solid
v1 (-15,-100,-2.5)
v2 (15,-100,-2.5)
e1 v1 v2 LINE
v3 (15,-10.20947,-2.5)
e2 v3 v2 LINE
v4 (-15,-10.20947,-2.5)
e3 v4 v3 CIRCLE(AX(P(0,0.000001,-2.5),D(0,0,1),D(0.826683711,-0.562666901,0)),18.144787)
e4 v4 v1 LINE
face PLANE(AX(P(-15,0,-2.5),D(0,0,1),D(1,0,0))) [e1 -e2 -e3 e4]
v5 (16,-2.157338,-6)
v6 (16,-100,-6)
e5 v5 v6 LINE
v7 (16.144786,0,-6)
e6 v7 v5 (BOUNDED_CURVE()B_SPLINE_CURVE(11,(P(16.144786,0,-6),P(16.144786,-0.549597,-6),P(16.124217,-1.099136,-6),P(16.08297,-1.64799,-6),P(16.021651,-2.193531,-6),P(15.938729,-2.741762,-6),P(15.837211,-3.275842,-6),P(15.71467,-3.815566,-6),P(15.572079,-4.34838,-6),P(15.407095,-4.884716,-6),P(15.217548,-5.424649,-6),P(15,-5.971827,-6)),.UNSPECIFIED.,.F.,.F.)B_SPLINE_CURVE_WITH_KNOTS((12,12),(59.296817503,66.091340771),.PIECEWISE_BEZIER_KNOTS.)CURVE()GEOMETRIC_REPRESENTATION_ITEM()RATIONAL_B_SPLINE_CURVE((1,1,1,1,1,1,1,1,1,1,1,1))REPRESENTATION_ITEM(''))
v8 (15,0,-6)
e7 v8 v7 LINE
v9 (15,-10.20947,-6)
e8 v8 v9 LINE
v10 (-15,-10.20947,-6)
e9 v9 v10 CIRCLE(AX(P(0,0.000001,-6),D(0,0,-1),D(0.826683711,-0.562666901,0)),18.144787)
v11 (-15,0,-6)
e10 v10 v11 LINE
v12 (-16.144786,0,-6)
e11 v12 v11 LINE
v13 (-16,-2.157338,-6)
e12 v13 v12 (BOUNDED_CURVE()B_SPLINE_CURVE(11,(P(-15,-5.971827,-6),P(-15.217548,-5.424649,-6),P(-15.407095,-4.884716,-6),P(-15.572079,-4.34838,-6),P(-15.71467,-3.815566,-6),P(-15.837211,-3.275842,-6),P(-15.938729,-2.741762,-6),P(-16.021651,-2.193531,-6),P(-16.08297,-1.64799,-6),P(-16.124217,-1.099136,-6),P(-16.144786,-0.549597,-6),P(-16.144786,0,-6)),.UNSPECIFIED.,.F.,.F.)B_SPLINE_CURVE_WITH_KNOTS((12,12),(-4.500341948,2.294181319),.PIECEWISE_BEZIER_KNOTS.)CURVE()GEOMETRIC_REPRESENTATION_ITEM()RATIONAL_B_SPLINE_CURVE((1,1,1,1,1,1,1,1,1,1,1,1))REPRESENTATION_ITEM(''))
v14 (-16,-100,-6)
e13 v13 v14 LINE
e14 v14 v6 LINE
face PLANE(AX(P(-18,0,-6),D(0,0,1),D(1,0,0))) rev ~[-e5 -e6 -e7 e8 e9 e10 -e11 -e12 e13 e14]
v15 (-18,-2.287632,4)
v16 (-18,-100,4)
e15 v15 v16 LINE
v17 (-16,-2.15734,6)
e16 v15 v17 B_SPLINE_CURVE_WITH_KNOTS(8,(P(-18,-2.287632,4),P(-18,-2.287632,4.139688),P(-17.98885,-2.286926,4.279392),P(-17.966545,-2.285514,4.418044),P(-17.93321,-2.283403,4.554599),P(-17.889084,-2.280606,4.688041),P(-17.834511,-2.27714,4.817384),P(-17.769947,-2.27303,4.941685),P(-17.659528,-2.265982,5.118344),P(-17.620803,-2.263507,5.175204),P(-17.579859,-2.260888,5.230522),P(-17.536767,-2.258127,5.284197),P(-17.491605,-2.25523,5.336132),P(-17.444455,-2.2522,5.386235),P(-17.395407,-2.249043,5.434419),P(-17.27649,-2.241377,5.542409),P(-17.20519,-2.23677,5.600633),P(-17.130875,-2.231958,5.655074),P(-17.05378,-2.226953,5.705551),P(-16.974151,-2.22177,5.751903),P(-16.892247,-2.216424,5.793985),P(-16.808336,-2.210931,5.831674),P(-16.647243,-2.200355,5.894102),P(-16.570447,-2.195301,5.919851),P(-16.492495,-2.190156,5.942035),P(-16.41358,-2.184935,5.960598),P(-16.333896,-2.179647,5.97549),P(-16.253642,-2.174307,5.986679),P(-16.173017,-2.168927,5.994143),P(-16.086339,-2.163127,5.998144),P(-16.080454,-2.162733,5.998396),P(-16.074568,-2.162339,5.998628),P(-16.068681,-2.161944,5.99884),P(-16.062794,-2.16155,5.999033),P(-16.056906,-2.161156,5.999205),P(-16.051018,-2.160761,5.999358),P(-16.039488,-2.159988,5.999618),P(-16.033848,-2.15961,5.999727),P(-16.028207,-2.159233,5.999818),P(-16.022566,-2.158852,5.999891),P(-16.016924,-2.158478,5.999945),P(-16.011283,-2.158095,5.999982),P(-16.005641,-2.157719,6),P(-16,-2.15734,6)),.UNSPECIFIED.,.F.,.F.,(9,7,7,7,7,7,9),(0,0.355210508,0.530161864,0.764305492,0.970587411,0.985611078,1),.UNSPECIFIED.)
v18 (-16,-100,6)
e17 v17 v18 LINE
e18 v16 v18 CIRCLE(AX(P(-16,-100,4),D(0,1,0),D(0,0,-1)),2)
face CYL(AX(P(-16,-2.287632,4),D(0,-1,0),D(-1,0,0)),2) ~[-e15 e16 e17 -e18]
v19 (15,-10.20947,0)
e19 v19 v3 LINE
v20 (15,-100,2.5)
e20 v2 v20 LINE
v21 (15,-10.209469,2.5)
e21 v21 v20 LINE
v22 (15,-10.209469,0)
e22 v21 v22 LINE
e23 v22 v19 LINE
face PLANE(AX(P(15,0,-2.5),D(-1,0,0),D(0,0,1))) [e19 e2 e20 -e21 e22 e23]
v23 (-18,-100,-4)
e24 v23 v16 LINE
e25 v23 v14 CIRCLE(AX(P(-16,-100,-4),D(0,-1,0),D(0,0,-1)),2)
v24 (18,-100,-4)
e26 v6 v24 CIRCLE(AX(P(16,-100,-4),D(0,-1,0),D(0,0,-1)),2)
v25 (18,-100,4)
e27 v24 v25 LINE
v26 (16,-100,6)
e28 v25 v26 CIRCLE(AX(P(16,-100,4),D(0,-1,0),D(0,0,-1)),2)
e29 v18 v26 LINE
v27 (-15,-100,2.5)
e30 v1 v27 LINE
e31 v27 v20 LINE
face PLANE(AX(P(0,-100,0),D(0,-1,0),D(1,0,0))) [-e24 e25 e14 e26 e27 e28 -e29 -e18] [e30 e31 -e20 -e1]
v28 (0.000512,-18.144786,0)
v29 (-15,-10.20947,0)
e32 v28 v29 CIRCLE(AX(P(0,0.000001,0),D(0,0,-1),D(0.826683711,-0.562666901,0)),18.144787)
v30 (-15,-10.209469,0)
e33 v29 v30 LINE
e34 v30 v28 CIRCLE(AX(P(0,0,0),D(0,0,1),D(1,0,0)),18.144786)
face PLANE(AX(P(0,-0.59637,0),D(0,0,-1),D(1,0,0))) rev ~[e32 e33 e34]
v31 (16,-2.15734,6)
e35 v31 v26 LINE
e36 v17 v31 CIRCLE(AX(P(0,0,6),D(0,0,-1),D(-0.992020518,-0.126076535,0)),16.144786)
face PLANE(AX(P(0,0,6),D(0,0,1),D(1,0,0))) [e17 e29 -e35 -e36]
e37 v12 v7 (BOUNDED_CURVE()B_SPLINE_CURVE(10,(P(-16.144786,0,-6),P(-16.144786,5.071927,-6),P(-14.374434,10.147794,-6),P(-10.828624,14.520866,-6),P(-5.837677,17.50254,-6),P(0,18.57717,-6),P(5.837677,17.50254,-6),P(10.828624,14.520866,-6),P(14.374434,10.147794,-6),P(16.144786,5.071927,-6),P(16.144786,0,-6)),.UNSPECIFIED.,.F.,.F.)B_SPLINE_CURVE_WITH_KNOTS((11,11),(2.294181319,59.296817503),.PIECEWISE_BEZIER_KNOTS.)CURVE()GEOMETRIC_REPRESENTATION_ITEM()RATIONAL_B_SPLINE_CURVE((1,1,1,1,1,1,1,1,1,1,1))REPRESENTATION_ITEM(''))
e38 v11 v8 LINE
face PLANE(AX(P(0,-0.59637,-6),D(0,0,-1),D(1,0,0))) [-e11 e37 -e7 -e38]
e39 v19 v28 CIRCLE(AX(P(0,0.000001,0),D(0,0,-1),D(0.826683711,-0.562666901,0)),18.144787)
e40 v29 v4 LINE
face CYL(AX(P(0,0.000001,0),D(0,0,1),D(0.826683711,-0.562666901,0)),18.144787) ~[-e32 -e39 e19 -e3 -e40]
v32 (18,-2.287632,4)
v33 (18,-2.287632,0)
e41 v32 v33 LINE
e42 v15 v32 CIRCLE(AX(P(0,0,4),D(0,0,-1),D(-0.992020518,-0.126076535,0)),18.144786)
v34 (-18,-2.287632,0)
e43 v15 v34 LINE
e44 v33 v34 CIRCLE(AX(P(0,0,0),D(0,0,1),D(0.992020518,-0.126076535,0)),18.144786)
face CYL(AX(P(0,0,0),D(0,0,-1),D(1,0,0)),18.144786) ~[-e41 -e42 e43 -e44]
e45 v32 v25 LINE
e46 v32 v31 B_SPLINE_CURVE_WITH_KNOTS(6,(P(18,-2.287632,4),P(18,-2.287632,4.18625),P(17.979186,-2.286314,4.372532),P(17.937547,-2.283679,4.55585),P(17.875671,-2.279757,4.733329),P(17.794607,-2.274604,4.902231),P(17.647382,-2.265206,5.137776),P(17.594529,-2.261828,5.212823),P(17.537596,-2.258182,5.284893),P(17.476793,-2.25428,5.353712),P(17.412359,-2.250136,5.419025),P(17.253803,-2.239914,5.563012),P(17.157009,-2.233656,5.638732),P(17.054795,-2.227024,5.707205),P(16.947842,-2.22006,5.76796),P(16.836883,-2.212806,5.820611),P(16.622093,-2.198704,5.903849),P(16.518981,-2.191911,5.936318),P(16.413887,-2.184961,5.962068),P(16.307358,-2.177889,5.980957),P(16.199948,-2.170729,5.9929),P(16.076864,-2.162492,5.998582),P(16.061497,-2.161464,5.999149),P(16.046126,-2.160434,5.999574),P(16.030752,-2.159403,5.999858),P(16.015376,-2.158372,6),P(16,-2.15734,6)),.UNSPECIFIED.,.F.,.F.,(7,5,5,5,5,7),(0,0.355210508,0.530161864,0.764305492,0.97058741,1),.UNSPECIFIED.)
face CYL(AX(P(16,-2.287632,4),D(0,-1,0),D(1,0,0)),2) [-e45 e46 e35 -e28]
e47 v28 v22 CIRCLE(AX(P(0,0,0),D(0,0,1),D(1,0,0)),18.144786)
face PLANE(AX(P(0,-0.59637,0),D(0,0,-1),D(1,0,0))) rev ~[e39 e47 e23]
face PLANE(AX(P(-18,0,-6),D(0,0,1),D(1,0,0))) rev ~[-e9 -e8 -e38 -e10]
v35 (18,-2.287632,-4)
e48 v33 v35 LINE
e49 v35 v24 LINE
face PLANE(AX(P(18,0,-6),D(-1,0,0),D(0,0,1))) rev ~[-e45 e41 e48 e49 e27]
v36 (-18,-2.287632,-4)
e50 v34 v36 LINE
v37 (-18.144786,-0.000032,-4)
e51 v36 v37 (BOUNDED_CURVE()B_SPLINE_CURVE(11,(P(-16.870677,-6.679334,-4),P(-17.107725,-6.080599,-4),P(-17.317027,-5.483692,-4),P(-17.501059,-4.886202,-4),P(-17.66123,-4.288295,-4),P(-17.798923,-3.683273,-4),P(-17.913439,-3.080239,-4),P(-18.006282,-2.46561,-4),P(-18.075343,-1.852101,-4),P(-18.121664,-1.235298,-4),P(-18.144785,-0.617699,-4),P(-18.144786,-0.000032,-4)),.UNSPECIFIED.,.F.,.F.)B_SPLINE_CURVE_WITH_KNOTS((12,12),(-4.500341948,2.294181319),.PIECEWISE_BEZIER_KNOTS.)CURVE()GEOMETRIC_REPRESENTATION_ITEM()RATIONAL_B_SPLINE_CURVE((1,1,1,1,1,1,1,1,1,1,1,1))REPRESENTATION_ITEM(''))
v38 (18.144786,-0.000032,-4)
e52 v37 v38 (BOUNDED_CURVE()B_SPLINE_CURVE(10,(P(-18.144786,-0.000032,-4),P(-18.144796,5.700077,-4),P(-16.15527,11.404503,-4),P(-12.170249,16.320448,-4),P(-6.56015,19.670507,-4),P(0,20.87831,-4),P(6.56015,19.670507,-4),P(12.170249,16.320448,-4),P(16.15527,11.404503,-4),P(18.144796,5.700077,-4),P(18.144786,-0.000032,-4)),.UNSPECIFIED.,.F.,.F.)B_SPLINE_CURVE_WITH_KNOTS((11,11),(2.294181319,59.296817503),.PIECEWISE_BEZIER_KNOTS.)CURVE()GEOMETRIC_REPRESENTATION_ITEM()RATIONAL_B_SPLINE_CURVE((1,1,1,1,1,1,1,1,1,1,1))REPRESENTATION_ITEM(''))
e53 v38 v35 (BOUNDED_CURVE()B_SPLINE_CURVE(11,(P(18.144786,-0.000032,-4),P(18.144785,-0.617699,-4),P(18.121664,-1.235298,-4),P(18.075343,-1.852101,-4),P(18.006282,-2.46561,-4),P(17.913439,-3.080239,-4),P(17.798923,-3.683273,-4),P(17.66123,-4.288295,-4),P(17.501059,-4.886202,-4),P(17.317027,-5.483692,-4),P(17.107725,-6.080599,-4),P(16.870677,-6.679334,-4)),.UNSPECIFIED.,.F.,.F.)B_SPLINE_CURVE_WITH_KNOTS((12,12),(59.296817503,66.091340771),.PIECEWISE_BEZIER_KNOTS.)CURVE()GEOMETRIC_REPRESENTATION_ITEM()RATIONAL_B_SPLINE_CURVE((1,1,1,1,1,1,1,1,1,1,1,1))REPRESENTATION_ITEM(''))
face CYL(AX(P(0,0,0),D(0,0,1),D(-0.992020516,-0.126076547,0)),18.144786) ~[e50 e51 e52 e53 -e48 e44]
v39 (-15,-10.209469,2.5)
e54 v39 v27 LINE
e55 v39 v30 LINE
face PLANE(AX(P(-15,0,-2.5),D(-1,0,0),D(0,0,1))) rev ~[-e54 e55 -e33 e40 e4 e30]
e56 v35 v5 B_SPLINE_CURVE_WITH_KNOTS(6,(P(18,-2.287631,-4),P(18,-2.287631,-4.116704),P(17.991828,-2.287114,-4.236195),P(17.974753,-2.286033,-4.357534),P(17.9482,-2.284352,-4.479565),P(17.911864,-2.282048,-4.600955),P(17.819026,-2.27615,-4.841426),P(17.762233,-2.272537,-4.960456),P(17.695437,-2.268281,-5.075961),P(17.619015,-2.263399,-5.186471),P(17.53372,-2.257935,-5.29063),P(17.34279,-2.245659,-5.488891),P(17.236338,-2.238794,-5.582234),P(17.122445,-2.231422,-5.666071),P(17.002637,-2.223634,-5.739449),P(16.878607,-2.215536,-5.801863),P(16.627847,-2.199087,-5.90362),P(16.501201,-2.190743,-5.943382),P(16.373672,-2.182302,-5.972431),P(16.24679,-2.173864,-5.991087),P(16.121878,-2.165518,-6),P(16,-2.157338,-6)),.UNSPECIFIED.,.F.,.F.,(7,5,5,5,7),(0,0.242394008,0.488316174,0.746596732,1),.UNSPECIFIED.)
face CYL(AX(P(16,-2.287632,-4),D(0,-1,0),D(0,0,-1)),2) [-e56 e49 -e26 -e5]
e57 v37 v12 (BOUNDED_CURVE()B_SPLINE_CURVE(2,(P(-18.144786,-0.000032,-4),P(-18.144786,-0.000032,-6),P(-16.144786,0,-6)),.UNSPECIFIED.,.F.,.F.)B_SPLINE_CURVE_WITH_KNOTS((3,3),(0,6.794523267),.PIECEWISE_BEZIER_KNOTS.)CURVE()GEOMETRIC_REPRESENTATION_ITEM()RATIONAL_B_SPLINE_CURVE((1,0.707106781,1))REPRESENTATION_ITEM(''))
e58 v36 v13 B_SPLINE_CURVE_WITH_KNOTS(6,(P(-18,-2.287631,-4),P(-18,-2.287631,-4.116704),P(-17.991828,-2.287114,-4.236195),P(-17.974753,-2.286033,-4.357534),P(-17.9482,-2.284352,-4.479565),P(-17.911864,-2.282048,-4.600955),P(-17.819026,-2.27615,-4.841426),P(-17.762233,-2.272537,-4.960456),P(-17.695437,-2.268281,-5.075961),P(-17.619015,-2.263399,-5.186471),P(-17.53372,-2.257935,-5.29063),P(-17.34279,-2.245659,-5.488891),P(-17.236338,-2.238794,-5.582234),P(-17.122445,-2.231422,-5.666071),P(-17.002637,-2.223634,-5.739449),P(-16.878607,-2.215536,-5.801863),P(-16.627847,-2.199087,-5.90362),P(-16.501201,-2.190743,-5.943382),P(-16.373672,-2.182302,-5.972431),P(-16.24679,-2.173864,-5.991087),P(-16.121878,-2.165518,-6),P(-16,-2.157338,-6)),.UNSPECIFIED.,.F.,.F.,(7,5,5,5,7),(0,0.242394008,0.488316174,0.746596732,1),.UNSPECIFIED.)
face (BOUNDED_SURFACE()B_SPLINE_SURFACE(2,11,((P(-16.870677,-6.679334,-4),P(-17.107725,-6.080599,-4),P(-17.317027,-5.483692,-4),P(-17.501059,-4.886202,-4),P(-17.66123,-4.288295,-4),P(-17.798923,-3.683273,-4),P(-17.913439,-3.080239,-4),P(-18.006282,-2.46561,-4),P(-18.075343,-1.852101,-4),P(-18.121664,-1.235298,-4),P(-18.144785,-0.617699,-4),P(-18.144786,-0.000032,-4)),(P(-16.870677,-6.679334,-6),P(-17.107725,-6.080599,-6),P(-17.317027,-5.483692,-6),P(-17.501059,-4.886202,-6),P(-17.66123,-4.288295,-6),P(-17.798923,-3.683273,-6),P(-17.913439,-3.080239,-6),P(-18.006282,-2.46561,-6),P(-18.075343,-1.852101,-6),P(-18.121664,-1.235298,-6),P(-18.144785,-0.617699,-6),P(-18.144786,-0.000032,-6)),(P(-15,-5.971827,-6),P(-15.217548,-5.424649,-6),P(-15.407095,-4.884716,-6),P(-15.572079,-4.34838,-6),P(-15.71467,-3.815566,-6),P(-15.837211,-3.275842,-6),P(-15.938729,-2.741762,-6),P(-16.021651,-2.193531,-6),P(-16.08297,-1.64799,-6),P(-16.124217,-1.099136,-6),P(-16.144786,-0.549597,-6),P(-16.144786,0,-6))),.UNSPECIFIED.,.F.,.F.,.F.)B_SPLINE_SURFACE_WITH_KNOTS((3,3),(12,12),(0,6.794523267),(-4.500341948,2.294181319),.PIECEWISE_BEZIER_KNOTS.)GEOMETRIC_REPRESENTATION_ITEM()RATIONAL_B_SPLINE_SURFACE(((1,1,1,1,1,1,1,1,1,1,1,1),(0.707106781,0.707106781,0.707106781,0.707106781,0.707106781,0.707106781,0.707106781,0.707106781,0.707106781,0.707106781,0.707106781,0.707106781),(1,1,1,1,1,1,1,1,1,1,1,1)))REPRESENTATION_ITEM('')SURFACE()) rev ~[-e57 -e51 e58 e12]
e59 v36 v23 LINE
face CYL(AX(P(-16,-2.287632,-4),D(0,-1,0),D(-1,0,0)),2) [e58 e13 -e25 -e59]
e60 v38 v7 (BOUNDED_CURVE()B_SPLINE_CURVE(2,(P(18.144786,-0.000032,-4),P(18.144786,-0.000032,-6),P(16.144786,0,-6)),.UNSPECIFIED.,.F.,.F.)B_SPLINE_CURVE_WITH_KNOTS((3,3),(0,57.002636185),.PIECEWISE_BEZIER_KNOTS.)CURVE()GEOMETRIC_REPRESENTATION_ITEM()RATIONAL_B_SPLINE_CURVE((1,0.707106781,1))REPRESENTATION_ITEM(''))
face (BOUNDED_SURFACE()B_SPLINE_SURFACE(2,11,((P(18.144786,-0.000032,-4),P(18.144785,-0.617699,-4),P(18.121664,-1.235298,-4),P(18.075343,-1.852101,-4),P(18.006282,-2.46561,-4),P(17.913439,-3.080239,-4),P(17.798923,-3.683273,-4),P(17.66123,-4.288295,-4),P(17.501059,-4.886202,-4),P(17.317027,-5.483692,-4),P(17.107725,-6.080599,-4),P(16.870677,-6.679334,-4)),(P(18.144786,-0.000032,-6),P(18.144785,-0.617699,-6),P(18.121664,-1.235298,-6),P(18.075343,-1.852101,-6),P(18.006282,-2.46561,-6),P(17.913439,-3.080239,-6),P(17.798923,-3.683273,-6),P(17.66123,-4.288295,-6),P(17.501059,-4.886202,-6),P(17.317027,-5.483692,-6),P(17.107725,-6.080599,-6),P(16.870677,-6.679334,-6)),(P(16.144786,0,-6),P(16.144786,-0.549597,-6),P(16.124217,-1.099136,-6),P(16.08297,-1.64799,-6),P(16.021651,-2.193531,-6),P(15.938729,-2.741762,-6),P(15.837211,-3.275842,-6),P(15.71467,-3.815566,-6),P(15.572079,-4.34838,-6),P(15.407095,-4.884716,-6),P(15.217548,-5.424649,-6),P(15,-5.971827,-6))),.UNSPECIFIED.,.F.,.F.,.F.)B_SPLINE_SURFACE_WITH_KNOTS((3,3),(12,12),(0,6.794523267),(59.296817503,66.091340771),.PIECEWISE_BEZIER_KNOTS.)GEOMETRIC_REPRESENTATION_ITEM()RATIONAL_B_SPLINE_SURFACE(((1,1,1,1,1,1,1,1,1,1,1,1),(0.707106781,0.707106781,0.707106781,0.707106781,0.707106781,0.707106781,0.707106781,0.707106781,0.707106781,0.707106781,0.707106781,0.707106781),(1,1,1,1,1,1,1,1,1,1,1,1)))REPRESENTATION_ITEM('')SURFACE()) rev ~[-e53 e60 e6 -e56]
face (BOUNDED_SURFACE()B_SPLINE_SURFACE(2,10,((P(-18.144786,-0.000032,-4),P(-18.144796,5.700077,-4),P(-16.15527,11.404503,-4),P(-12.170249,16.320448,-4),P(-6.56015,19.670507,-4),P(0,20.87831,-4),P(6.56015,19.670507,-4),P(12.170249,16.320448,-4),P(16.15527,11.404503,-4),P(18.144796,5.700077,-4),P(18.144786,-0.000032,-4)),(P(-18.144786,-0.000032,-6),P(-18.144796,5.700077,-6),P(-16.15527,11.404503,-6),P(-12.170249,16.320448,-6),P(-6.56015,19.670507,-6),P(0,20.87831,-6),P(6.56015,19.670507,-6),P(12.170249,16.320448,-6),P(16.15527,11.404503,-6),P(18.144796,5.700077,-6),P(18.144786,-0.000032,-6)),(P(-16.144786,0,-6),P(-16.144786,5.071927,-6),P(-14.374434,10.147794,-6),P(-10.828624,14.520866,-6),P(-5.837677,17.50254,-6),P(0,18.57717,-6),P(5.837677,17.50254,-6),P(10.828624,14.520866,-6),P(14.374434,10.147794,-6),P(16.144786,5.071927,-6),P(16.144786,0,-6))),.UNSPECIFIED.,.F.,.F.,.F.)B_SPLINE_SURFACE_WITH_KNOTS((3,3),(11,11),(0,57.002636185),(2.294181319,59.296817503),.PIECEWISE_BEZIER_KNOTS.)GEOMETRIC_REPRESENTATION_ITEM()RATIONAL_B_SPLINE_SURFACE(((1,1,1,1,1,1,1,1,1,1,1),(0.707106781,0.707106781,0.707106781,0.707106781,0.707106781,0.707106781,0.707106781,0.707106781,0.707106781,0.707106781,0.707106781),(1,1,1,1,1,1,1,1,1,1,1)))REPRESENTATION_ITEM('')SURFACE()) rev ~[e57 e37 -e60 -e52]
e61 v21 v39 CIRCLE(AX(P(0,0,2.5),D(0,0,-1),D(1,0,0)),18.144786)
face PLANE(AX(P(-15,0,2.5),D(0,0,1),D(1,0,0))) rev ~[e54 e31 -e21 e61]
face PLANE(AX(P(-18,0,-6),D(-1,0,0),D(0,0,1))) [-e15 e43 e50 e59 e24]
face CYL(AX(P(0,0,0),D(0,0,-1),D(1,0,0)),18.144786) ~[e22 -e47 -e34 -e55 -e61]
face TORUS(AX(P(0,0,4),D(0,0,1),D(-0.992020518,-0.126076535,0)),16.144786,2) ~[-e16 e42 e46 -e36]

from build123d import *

# Parameters (mm, degrees)
F0_W     = 36
F0_H     = 12
F0_W_2   = 30
F0_H_2   = 5
F1_DEPTH = 100
F2_R     = 18.144786
F3_DEPTH = 6
F4_DEPTH = 6
F5_R     = 2
F6_R     = 2


with BuildPart() as f1:
    # F0 (on Front) → F1 (new body)
    with BuildSketch(Plane.XZ):
        Rectangle(F0_W, F0_H)
        Rectangle(F0_W_2, F0_H_2, mode=Mode.SUBTRACT)
    extrude(amount=F1_DEPTH)

    # F2 (on Top) → F3 (join)
    with BuildSketch(Plane.XY):
        Circle(F2_R)
    extrude(amount=F3_DEPTH)

    # F3_face (on face) → F4 (join)
    with BuildSketch(Plane(origin=(0, 0.170206, 0), x_dir=(1, 0, 0), z_dir=(0, 0, -1))):
        with BuildLine():
            ThreePointArc((-18, 2.457838), (0, -17.97458), (18, 2.457838))
            Line((18, 2.457838), (18, 0.170206))
            Line((18, 0.170206), (15, 0.170206))
            Line((15, 0.170206), (15, 10.379676))
            ThreePointArc((15, 10.379676), (0, 18.314992), (-15, 10.379676))
            Line((-15, 10.379676), (-15, 0.170206))
            Line((-15, 0.170206), (-18, 0.170206))
            Line((-18, 0.170206), (-18, 2.457838))
        make_face()
    extrude(amount=F4_DEPTH)

    # F5
    f5_edges = [f1.edges().sort_by_distance(p)[0] for p in [
        (18, -51.143816, 6),
        (0, 18.144786, 6),
        (-18, -51.143816, 6),
    ]]
    fillet(f5_edges, radius=F5_R)

    # F6
    f6_edges = [f1.edges().sort_by_distance(p)[0] for p in [
        (-18, -51.143816, -6),
        (0, 18.144786, -6),
        (18, -51.143816, -6),
    ]]
    fillet(f6_edges, radius=F6_R)


solid = f1.part
